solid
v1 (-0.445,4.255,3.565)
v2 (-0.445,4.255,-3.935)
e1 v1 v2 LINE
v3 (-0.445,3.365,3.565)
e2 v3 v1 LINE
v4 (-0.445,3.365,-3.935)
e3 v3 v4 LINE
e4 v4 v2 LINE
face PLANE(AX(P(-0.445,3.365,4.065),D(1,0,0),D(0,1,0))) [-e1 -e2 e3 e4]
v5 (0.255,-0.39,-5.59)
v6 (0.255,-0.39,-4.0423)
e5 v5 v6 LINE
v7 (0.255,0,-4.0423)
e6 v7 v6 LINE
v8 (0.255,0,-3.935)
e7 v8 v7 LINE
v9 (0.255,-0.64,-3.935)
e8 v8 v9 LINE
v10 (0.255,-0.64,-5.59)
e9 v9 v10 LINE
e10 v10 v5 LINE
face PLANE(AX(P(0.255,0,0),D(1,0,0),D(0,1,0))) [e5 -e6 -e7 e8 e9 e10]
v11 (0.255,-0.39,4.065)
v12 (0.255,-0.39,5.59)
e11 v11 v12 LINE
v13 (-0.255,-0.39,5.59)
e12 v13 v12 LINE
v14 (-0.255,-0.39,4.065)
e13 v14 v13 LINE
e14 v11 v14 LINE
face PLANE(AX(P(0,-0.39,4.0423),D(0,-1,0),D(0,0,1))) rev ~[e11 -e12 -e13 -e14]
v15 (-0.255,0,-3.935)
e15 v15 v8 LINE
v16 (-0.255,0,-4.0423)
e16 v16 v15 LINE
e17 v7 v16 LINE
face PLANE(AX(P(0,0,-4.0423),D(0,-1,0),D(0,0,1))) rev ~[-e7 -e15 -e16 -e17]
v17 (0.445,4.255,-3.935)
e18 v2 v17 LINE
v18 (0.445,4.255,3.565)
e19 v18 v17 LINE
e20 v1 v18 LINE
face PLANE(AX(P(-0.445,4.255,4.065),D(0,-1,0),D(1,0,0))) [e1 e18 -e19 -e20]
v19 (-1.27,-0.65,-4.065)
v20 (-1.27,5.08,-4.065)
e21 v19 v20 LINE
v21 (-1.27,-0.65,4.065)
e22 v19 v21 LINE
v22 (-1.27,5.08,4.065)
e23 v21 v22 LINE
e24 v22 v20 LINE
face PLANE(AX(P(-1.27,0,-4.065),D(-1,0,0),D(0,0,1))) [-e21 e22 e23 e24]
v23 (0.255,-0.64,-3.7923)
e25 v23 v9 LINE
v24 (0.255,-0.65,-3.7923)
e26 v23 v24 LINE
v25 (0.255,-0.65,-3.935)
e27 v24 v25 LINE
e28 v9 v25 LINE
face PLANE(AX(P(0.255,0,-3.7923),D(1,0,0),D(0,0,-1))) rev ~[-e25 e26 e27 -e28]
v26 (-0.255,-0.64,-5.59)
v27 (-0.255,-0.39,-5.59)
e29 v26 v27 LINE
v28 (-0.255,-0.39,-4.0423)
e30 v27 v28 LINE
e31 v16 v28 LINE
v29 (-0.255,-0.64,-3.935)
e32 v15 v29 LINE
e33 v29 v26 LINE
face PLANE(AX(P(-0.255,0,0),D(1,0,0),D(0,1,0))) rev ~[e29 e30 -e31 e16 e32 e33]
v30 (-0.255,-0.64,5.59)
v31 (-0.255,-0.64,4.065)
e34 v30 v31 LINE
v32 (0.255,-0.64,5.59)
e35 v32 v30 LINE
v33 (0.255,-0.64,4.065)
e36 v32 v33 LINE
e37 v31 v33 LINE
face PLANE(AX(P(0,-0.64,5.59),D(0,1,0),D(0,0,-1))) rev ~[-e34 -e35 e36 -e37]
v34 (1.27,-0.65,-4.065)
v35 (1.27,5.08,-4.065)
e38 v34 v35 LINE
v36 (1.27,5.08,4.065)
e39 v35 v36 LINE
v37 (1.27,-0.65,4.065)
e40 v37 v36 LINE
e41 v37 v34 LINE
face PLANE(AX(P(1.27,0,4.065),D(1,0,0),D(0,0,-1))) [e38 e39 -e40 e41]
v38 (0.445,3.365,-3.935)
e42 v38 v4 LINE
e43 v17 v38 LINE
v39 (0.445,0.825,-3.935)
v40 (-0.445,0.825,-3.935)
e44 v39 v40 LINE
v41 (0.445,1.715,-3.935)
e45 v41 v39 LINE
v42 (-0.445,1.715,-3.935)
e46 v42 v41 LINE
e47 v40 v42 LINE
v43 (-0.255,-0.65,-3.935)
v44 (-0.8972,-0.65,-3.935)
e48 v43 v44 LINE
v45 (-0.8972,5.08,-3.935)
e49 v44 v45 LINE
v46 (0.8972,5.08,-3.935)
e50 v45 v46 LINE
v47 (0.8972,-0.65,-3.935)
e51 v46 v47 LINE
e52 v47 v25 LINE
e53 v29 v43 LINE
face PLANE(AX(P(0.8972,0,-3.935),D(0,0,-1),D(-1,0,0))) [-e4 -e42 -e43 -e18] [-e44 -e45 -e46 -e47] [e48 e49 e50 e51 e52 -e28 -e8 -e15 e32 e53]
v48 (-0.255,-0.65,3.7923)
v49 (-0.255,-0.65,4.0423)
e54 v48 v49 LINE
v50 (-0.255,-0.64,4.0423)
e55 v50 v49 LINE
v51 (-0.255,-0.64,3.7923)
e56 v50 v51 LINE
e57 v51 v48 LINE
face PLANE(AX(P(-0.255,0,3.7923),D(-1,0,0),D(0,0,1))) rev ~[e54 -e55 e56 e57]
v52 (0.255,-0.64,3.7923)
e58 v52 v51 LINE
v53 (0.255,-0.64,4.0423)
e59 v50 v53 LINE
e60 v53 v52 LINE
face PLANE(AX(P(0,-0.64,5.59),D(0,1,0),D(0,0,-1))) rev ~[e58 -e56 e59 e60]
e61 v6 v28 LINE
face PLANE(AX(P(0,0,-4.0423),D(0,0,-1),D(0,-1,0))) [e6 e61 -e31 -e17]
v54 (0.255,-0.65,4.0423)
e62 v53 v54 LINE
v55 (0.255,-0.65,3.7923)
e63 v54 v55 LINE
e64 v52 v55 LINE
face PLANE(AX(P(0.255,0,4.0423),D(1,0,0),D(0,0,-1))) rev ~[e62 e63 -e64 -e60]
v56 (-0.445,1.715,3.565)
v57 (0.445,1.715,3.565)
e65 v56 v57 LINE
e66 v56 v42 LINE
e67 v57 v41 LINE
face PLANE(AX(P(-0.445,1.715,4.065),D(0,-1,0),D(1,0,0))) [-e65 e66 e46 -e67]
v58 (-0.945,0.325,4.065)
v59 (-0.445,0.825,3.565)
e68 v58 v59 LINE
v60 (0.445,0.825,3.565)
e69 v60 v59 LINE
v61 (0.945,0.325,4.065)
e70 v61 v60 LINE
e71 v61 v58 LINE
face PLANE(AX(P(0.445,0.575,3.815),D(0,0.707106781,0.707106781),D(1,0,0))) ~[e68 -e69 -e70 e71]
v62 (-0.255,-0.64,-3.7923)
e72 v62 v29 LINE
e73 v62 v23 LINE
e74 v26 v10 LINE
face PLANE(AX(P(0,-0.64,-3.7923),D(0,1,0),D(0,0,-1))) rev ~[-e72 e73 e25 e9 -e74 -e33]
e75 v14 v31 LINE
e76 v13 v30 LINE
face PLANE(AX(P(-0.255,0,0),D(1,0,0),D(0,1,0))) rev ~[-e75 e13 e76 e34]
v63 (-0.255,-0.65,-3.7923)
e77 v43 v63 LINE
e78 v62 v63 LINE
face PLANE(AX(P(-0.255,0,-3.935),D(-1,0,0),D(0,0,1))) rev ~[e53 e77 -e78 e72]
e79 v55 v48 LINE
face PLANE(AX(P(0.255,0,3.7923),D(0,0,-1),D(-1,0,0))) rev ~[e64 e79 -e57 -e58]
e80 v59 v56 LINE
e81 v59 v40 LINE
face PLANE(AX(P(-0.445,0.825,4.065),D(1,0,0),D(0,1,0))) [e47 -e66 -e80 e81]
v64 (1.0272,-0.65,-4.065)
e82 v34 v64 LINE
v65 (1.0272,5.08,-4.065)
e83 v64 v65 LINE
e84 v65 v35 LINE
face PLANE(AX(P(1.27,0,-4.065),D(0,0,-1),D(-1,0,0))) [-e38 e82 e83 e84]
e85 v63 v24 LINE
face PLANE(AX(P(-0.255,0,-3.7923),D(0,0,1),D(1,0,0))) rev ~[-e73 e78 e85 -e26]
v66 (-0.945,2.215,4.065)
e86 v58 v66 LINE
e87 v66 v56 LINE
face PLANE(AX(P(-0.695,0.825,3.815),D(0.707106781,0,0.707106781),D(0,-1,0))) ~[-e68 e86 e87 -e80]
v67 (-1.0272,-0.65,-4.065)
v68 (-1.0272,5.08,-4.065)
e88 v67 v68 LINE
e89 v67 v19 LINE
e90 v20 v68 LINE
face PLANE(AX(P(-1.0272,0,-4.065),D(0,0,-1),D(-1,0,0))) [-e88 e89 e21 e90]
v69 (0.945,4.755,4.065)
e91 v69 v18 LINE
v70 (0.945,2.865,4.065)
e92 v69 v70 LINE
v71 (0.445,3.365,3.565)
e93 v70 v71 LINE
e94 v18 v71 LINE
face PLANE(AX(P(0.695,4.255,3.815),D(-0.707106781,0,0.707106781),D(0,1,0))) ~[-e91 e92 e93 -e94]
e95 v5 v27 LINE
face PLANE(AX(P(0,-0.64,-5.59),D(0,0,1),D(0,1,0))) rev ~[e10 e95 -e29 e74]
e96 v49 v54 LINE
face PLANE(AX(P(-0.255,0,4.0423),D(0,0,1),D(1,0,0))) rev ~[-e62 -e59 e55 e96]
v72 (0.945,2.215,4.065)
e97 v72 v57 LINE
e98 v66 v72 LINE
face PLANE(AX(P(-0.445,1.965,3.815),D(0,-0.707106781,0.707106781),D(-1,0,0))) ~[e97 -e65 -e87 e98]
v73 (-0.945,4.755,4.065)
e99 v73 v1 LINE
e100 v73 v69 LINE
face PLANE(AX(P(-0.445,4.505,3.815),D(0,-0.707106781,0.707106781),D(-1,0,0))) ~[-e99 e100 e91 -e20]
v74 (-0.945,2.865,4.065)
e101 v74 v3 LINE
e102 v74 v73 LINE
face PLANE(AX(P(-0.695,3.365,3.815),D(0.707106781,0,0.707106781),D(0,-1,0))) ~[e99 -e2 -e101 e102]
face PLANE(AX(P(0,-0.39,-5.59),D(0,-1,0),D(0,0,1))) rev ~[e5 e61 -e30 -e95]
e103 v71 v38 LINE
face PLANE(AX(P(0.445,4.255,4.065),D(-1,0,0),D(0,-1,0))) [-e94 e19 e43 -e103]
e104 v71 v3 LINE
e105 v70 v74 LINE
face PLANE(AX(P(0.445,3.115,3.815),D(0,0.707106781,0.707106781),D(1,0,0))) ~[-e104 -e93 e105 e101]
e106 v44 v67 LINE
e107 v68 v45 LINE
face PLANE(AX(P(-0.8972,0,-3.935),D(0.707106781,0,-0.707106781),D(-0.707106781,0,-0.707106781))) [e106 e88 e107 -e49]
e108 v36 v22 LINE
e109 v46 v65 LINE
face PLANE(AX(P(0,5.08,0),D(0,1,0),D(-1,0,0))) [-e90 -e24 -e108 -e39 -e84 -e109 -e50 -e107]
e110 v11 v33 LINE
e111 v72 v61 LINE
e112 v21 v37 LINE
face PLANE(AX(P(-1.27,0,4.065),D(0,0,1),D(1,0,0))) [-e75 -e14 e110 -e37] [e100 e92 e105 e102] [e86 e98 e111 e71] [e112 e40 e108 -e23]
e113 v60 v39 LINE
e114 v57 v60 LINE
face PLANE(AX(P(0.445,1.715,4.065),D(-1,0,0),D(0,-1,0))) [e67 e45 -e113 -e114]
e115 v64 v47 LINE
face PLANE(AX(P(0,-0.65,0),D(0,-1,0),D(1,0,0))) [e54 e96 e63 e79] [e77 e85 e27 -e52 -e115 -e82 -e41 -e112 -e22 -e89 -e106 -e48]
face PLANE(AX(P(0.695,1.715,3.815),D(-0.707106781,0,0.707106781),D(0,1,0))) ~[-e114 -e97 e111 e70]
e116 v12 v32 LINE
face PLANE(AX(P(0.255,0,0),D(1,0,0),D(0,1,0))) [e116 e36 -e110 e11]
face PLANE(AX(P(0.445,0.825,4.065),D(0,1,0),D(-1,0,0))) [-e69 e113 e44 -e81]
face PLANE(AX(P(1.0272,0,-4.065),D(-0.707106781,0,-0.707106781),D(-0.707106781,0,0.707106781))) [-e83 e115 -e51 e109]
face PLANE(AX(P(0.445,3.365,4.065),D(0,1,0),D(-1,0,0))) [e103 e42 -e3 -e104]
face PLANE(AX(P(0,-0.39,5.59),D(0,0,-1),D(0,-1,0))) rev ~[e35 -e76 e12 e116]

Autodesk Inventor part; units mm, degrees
ref_plane "YZ Plane" through (0, 0, 0) normal (1, 0, 0) x (0, 1, 0)
ref_plane "XZ Plane" through (0, 0, 0) normal (0, 1, 0) x (-1, 0, 0)
sketch "Sketch1" plane through (0, 0, 0) normal (0, 1, 0) x (-1, 0, 0)
  line L0 (-1.27, -4.065) -> (-1.27, 4.065)
  line L1 (-1.27, 4.065) -> (1.27, 4.065)
  line L2 (1.27, 4.065) -> (1.27, -4.065)
  line L3 (1.0272, -4.065) -> (0.8972, -3.935)
  line L4 (0.8972, -3.935) -> (-0.8972, -3.935)
  line L5 (-0.8972, -3.935) -> (-1.0272, -4.065)
  line L6 (1.27, -4.065) -> (1.0272, -4.065)
  line L7 (-1.0272, -4.065) -> (-1.27, -4.065)
  line L8 (0, -2.6831) -> (0, -0.9898) construction
  point P0 (0, 0)
  point P1 (0, 4.065)
  point P2 (1.27, 0)
  point P3 (0, -3.935)
  dimension "d1" = 2.54
  dimension "d2" = 0.13
  dimension "d3" = 8.13
  dimension "d4" = 45
extrude "Extrusion1" add sketch "Sketch1" along normal blind 5.08
sketch "Sketch2" plane through (-1.27, 0, 4.065) normal (0, 0, 1) x (1, 0, 0)
  line L0 (0.825, 4.255) -> (1.715, 4.255)
  line L1 (1.715, 4.255) -> (1.715, 3.365)
  line L2 (1.715, 3.365) -> (0.825, 3.365)
  line L3 (0.825, 3.365) -> (0.825, 4.255)
  line L4 (0.825, 1.715) -> (1.715, 1.715)
  line L5 (1.715, 1.715) -> (1.715, 0.825)
  line L6 (1.715, 0.825) -> (0.825, 0.825)
  line L7 (0.825, 0.825) -> (0.825, 1.715)
  line L8 (0.4511, 3.81) -> (2.2201, 3.81) construction
  line L9 (2.2201, 1.27) -> (0.4335, 1.27) construction
  line L10 (0, 0) -> (2.54, 0) projected
  line L11 (2.54, 0) -> (2.54, 5.08) projected
  line L12 (0, 5.08) -> (2.54, 5.08) projected
  line L13 (0, 0) -> (0, 5.08) projected
  point P0 (1.27, 0)
  point P1 (0.825, 3.81)
  point P2 (0.825, 1.27)
  point P3 (1.27, 5.08)
  point P4 (1.27, 4.255)
  point P5 (1.27, 1.715)
  dimension "d7" = 2.54
  dimension "d8" = 0.89
  dimension "d9" = 1.27
extrude "Extrusion2" cut sketch "Sketch2" against normal blind 8 contours L0 L1 L2 L3 | L4 L5 L6 L7
sketch "Sketch3" plane through (0, 0, 0) normal (1, 0, 0) x (0, 1, 0)
  line L0 (0, 4.065) -> (5.08, 4.065) projected
  line L1 (5.08, -4.065) -> (5.08, 4.065) projected
  line L2 (0, -3.935) -> (5.08, -3.935) projected
  line L3 (-0.39, 5.59) -> (-0.64, 5.59)
  line L4 (-0.64, 5.59) -> (-0.64, 3.7923)
  line L5 (-0.64, 3.7923) -> (-0.2868, 3.7923)
  line L6 (-0.39, 4.0423) -> (-0.39, 5.59)
  line L7 (-0.39, -3.7923) -> (-0.64, -3.7923)
  line L8 (-0.64, -3.7923) -> (-0.64, -5.59)
  line L9 (-0.64, -5.59) -> (-0.39, -5.59)
  line L10 (-0.39, -5.59) -> (-0.39, -4.0423)
  line L11 (-1.3876, 0) -> (-0.3881, 0) construction
  line L12 (0, -4.065) -> (0, 4.065) projected
  line L13 (-0.39, -3.7923) -> (0, -3.7923)
  line L14 (0, -3.7923) -> (0, -4.0423)
  line L15 (0, -4.0423) -> (-0.39, -4.0423)
  line L16 (-0.39, 4.0423) -> (0, 4.0423)
  line L17 (0, 4.0423) -> (0, 3.7923)
  line L18 (0, 3.7923) -> (-0.2868, 3.7923)
  point P0 (0, 0)
  dimension "d30" = 0.25
  dimension "d31" = 11.18
  dimension "d34" = 5.72
ref_plane "Work Plane1" through (-1.27, 0, 3.94) normal (0, 0, 1) x (1, 0, 0)
extrude "Extrusion3" add sketch "Sketch3" along normal mid plane 0.51 contours L12 L18 L5 L4 L3 L6 L16 | L12 L15 L10 L9 L8 L7 L13
chamfer "Chamfer1" distance 0.5 angle 45 8 edges at (0.445, 3.81, 4.065) (0, 3.365, 4.065) (-0.445, 3.81, 4.065) (0, 4.255, 4.065) (0, 1.715, 4.065) (0.445, 1.27, 4.065) (0, 0.825, 4.065) (-0.445, 1.27, 4.065)
ref_plane "Work Plane3" through (-0.255, -0.64, 0) normal (0, 0, 1) x (1, 0, 0)
sketch "Sketch6" plane through (0, 0, 0) normal (0, -1, 0) x (1, 0, 0)
  line L0 (0.255, -3.7923) -> (0.255, -3.935) projected
  line L1 (0.8972, -3.935) -> (0.255, -3.935) projected
  line L2 (1.0272, -4.065) -> (0.8972, -3.935) projected
  line L3 (1.27, -4.065) -> (1.0272, -4.065) projected
  line L4 (1.27, 4.065) -> (1.27, -4.065) projected
  line L5 (-1.27, 4.065) -> (1.27, 4.065) projected
  line L6 (-1.27, -4.065) -> (-1.27, 4.065) projected
  line L7 (-1.0272, -4.065) -> (-1.27, -4.065) projected
  line L8 (-0.8972, -3.935) -> (-1.0272, -4.065) projected
  line L9 (-0.255, -3.935) -> (-0.8972, -3.935) projected
  line L10 (-0.255, -3.935) -> (-0.255, -3.7923) projected
  line L11 (-0.255, -3.7923) -> (0.255, -3.7923) projected
  line L12 (-0.255, 3.7923) -> (-0.255, 4.0423) projected
  line L13 (-0.255, 4.0423) -> (0.255, 4.0423) projected
  line L14 (0.255, 4.0423) -> (0.255, 3.7923) projected
  line L15 (0.255, 3.7923) -> (-0.255, 3.7923) projected
  point P0 (0, 0)
extrude "Extrusion4" add sketch "Sketch6" along normal blind 0.65
properties part number "SSM-101-F-DH"
